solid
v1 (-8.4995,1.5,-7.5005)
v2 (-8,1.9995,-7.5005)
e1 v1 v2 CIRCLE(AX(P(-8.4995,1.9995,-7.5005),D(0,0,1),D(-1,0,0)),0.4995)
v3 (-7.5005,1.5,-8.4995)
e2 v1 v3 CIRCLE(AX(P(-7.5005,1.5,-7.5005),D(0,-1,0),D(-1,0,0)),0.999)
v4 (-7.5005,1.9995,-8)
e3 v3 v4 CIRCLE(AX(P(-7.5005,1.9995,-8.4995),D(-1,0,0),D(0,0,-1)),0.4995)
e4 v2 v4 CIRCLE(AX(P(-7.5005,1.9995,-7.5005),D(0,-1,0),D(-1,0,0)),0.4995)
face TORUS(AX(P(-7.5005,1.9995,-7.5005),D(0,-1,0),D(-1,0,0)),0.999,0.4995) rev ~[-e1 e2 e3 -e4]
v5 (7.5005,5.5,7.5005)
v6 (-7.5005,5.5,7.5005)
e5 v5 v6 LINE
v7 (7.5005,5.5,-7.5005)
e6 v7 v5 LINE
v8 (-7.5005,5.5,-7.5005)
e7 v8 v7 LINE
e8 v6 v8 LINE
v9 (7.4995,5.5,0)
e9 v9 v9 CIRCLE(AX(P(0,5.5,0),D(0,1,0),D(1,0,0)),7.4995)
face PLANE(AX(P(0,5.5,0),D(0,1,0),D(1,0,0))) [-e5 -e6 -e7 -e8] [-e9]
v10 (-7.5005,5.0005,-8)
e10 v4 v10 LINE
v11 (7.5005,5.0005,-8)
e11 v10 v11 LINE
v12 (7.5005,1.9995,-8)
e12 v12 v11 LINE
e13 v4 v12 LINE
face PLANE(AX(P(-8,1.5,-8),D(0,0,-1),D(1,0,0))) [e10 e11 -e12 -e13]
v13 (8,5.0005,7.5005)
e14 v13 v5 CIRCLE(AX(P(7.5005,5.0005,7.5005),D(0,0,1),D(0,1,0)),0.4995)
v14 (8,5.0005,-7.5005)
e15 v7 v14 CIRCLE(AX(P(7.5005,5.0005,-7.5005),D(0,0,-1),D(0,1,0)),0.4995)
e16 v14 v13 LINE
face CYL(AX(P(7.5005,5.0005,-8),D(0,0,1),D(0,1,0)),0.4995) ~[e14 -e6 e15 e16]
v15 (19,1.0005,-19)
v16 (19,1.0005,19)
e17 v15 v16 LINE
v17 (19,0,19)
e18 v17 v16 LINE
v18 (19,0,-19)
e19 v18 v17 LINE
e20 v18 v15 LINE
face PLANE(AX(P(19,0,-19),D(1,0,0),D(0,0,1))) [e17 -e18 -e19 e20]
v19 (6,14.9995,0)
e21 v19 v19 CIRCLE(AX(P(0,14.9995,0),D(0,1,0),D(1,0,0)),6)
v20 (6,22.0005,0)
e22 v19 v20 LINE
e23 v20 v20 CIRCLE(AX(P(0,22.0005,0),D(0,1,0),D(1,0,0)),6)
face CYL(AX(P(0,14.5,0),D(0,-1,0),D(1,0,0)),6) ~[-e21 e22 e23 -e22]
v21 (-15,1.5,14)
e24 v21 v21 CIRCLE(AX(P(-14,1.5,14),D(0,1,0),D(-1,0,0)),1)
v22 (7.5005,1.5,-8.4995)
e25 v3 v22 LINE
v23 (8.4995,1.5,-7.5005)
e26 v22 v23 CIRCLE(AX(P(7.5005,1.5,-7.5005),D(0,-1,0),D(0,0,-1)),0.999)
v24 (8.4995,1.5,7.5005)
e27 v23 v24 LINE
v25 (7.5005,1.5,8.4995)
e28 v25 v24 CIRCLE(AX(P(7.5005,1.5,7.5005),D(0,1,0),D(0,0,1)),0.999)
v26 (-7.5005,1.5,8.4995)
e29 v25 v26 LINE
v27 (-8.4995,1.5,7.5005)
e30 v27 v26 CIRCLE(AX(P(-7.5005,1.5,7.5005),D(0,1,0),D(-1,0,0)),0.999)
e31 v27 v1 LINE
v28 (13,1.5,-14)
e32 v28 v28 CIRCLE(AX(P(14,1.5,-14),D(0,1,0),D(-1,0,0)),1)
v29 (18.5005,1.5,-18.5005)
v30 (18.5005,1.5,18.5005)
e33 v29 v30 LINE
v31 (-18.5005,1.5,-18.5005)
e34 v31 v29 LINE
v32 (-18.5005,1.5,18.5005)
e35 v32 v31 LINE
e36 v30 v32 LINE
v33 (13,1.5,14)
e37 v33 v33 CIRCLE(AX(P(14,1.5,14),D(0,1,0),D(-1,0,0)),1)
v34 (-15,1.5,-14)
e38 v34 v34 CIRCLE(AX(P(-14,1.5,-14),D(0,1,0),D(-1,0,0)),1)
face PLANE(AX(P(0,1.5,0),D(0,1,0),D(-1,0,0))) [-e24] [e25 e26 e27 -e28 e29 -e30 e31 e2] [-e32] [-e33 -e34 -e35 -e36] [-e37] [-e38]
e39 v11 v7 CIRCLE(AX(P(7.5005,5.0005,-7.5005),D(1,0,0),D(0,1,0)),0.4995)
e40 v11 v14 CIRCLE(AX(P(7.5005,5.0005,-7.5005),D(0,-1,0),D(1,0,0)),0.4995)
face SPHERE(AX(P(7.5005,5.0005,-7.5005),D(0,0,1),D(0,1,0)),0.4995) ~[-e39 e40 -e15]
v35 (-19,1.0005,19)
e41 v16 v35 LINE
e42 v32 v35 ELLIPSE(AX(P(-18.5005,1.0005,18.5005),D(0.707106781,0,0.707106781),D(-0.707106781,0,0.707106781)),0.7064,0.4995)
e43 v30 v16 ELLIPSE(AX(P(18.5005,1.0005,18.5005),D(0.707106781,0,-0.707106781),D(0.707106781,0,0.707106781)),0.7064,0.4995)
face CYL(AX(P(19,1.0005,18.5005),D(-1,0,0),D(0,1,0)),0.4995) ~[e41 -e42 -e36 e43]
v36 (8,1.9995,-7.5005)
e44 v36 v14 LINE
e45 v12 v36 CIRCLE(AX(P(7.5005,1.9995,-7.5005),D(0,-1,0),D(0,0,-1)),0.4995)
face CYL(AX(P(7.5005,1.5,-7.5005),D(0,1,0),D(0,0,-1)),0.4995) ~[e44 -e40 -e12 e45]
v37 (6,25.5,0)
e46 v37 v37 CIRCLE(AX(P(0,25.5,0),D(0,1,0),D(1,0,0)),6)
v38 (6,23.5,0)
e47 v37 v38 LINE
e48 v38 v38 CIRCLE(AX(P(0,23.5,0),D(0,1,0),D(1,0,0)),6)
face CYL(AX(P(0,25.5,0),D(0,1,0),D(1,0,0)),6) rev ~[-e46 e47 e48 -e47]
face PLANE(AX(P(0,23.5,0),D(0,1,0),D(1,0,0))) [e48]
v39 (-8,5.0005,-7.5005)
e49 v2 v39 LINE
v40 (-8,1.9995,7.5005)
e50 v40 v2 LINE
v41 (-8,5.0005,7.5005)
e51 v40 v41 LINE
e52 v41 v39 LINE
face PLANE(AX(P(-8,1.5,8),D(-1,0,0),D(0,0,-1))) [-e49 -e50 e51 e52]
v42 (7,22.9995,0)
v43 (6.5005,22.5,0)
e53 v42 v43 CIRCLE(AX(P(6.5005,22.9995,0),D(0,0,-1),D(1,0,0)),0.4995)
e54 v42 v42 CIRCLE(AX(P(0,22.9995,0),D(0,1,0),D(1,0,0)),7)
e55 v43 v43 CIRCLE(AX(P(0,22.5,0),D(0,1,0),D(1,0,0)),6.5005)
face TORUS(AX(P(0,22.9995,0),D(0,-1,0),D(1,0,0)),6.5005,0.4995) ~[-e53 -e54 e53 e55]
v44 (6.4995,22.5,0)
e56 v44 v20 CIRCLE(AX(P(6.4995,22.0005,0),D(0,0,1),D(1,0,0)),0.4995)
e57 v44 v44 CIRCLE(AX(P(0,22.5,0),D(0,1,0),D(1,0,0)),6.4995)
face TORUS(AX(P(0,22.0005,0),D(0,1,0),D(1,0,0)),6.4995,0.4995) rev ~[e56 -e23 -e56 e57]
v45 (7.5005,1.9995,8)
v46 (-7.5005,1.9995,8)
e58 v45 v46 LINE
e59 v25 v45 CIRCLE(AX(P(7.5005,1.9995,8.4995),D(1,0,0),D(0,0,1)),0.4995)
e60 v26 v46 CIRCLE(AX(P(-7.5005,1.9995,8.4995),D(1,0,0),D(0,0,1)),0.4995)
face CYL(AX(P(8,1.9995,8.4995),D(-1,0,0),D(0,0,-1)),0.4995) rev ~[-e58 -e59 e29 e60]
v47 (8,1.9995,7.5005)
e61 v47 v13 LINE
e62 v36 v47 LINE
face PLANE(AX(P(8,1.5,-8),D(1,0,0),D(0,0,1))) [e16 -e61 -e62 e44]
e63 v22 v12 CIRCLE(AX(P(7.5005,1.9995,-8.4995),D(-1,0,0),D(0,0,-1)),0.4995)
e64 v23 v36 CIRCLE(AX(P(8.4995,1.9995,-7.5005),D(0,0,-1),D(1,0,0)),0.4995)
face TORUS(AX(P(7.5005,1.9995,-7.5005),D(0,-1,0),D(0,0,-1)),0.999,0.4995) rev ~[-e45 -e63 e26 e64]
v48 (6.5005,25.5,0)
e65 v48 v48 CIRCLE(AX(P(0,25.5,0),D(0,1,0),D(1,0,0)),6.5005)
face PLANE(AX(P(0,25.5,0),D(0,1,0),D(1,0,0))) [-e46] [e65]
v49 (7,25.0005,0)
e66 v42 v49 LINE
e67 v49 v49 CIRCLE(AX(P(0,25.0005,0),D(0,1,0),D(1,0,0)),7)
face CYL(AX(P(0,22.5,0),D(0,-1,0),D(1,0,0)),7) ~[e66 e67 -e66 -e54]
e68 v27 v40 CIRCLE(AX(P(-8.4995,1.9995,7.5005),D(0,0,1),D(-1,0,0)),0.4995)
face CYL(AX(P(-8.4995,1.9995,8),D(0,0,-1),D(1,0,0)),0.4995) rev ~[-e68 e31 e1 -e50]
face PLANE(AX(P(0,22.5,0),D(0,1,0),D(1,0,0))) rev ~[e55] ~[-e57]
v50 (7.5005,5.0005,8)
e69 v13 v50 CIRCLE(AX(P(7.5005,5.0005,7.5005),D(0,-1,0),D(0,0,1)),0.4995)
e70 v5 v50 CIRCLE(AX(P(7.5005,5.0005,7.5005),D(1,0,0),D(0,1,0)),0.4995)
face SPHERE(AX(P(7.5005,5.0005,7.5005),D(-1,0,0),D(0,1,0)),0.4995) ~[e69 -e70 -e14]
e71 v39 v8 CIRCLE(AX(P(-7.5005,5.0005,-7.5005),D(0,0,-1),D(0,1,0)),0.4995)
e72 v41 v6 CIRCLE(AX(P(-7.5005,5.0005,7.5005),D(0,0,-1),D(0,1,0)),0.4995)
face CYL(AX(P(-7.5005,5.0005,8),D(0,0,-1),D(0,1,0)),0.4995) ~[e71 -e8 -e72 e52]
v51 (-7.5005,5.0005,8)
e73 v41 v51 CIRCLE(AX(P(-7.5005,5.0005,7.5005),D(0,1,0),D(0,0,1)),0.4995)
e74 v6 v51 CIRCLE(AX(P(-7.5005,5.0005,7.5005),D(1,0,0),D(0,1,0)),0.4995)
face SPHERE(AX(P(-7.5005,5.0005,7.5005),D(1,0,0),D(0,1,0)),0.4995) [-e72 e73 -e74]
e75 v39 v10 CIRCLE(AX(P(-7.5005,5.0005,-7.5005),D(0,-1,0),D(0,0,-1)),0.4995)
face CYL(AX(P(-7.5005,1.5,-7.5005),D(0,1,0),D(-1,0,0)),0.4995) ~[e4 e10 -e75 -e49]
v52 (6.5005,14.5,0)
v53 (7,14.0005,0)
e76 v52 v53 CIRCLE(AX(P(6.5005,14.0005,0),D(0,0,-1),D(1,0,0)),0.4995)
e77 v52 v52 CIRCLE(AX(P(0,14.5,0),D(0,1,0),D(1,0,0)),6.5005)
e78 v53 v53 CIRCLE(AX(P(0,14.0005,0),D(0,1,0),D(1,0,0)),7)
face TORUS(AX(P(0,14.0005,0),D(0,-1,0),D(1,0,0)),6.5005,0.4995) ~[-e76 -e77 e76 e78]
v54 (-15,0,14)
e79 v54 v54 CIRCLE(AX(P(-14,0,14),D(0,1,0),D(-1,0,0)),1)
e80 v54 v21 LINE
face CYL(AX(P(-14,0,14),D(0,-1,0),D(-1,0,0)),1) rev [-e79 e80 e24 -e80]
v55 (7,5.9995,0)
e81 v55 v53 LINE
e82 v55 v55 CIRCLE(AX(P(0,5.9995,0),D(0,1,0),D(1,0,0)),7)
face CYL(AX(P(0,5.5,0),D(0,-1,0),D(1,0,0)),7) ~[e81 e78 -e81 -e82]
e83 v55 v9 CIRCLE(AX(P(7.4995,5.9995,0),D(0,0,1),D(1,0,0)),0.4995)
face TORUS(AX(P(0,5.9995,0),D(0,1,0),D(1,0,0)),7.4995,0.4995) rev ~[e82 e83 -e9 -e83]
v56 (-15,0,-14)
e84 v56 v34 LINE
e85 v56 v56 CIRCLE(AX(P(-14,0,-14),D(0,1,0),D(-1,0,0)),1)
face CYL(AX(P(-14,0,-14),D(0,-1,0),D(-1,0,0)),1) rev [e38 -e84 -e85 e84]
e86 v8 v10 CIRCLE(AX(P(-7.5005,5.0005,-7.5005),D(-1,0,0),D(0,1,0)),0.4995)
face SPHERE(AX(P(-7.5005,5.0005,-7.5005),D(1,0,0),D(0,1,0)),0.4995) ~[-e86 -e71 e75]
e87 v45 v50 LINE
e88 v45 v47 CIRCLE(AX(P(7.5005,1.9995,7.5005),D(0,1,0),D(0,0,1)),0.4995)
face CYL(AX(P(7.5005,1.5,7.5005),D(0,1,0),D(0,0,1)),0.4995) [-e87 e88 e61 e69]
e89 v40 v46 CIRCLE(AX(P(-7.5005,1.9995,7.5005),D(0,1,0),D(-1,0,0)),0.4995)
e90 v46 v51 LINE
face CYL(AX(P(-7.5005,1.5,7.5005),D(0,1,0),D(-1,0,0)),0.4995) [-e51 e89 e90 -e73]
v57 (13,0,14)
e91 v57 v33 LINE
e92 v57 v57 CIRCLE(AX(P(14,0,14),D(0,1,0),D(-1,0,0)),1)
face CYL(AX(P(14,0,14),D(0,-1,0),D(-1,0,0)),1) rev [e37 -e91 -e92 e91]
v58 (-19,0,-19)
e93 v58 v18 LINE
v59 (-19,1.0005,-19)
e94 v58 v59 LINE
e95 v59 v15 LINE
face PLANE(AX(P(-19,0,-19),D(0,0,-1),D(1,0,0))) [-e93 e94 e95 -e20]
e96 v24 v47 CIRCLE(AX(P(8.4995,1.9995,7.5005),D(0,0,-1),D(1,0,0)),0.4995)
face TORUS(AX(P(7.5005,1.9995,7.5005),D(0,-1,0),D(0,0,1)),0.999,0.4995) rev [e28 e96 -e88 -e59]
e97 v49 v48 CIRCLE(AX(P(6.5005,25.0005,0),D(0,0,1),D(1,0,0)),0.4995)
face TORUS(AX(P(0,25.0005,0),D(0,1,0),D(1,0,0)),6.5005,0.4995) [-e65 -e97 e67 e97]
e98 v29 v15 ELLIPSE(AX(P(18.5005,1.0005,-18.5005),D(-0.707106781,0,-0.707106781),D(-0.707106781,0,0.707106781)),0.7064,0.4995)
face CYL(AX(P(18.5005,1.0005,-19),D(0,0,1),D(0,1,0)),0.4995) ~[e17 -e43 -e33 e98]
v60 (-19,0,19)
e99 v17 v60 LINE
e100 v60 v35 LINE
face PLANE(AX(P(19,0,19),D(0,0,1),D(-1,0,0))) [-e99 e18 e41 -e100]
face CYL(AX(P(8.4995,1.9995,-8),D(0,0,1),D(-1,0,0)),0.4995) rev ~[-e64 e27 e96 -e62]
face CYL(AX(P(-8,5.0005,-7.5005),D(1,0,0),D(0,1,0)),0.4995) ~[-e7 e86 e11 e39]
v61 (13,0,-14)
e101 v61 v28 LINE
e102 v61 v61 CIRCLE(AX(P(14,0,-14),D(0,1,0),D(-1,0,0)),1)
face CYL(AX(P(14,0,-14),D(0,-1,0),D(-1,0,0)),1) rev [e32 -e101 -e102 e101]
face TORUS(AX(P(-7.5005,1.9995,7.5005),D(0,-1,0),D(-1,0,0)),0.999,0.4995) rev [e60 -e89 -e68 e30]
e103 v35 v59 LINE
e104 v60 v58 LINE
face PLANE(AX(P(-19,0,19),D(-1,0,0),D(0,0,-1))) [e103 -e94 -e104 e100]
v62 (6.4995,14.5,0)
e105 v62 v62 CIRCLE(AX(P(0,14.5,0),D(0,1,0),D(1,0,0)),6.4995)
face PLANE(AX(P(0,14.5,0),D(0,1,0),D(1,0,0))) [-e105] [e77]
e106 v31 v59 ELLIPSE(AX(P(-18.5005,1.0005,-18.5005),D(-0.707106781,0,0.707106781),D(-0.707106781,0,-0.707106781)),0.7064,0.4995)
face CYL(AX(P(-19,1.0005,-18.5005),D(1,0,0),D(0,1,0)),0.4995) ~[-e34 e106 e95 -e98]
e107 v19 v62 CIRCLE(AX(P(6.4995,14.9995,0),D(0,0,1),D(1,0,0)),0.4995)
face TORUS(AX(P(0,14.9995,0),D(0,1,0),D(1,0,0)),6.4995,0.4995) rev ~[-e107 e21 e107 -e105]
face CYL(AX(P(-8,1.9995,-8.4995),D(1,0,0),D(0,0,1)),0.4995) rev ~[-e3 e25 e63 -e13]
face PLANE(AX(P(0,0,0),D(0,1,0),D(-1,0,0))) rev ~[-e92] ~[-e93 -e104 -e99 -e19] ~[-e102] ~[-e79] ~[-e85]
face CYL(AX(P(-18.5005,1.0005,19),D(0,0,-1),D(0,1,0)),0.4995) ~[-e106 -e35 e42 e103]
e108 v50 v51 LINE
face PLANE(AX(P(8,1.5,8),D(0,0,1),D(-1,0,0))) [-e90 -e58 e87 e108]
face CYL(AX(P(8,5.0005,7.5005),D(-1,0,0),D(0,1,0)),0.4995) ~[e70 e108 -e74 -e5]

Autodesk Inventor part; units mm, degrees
ref_plane "YZ Plane" through (0, 0, 0) normal (1, 0, 0) x (0, 1, 0)
ref_plane "XZ Plane" through (0, 0, 0) normal (0, 1, 0) x (-1, 0, 0)
ref_plane "XY Plane" through (0, 0, 0) normal (0, 0, 1) x (1, 0, 0)
sketch "草图1" plane through (0, 0, 0) normal (0, 1, 0) x (-1, 0, 0)
  line L0 (19, 19) -> (19, -19)
  line L1 (19, -19) -> (-19, -19)
  line L2 (-19, -19) -> (-19, 19)
  line L3 (-19, 19) -> (19, 19)
  line L4 (19, 19) -> (-19, -19) construction
  line L5 (19, -19) -> (-19, 19) construction
  line L6 (14, 14) -> (-14, -14) construction
  line L7 (14, -14) -> (-14, 14) construction
  circle A0 centre (14, 14) radius 1
  circle A1 centre (14, -14) radius 1
  circle A2 centre (-14, -14) radius 1
  circle A3 centre (-14, 14) radius 1
  line L8 (8, 8) -> (-8, -8) construction
  line L9 (8, -8) -> (-8, 8) construction
  point P0 (0, 0)
  dimension "d0" = 38
  dimension "d1" = 38
  dimension "d3" = 28
  dimension "d4" = 2
  dimension "d5" = 2
  dimension "d6" = 2
  dimension "d7" = 2
extrude "拉伸1" add sketch "草图1" along normal blind 1.5
sketch "草图2" plane through (0, 1.5, 0) normal (0, 1, 0) x (1, 0, 0)
  line L0 (-8, -8) -> (-8, 8)
  line L1 (-8, 8) -> (8, 8)
  line L2 (8, 8) -> (8, -8)
  line L3 (8, -8) -> (-8, -8)
  line L4 (-8, -8) -> (8, 8) construction
  line L5 (-8, 8) -> (8, -8) construction
  point P0 (0, 0)
  dimension "d12" = 16
  dimension "d13" = 16
sketch "草图3" plane through (0, 1.5, 0) normal (0, 1, 0) x (1, 0, 0)
  point P0 (0, 0)
extrude "拉伸2" add sketch "草图2" along normal blind 4
sketch "草图4" plane through (0, 5.5, 0) normal (0, 1, 0) x (1, 0, 0)
  circle A0 centre (0, 0) radius 7
  dimension "d16" = 14
extrude "拉伸3" add sketch "草图4" along normal blind 9
sketch "草图5" plane through (0, 14.5, 0) normal (0, 1, 0) x (1, 0, 0)
  circle A0 centre (0, 0) radius 6
  dimension "d19" = 12
extrude "拉伸4" add sketch "草图5" along normal blind 8
sketch "草图6" plane through (0, 22.5, 0) normal (0, 1, 0) x (1, 0, 0)
  circle A0 centre (0, 0) radius 7
  dimension "d22" = 14
extrude "拉伸5" add sketch "草图6" along normal blind 3
sketch "草图8" plane through (0, 25.5, 0) normal (0, 1, 0) x (1, 0, 0)
  circle A0 centre (0, 0) radius 6
  dimension "d29" = 12
extrude "拉伸6" cut sketch "草图8" against normal blind 2
fillet "圆角1" radius 0.5 22 edges at (-7, 25.5, 0) (-7, 22.5, 0) (-6, 22.5, 0) (-6, 14.5, 0) (-7, 14.5, 0) (-7, 5.5, 0) (0, 5.5, 8) (8, 5.5, 0) (0, 5.5, -8) (-8, 5.5, 0) (19, 1.5, 0) (0, 1.5, 19) (-19, 1.5, 0) (0, 1.5, -19) (-8, 3.5, 8) (8, 3.5, 8) (-8, 3.5, -8) (-8, 1.5, 0) (0, 1.5, 8) (8, 1.5, 0) (8, 3.5, -8) (0, 1.5, -8)
properties part number "相机"
